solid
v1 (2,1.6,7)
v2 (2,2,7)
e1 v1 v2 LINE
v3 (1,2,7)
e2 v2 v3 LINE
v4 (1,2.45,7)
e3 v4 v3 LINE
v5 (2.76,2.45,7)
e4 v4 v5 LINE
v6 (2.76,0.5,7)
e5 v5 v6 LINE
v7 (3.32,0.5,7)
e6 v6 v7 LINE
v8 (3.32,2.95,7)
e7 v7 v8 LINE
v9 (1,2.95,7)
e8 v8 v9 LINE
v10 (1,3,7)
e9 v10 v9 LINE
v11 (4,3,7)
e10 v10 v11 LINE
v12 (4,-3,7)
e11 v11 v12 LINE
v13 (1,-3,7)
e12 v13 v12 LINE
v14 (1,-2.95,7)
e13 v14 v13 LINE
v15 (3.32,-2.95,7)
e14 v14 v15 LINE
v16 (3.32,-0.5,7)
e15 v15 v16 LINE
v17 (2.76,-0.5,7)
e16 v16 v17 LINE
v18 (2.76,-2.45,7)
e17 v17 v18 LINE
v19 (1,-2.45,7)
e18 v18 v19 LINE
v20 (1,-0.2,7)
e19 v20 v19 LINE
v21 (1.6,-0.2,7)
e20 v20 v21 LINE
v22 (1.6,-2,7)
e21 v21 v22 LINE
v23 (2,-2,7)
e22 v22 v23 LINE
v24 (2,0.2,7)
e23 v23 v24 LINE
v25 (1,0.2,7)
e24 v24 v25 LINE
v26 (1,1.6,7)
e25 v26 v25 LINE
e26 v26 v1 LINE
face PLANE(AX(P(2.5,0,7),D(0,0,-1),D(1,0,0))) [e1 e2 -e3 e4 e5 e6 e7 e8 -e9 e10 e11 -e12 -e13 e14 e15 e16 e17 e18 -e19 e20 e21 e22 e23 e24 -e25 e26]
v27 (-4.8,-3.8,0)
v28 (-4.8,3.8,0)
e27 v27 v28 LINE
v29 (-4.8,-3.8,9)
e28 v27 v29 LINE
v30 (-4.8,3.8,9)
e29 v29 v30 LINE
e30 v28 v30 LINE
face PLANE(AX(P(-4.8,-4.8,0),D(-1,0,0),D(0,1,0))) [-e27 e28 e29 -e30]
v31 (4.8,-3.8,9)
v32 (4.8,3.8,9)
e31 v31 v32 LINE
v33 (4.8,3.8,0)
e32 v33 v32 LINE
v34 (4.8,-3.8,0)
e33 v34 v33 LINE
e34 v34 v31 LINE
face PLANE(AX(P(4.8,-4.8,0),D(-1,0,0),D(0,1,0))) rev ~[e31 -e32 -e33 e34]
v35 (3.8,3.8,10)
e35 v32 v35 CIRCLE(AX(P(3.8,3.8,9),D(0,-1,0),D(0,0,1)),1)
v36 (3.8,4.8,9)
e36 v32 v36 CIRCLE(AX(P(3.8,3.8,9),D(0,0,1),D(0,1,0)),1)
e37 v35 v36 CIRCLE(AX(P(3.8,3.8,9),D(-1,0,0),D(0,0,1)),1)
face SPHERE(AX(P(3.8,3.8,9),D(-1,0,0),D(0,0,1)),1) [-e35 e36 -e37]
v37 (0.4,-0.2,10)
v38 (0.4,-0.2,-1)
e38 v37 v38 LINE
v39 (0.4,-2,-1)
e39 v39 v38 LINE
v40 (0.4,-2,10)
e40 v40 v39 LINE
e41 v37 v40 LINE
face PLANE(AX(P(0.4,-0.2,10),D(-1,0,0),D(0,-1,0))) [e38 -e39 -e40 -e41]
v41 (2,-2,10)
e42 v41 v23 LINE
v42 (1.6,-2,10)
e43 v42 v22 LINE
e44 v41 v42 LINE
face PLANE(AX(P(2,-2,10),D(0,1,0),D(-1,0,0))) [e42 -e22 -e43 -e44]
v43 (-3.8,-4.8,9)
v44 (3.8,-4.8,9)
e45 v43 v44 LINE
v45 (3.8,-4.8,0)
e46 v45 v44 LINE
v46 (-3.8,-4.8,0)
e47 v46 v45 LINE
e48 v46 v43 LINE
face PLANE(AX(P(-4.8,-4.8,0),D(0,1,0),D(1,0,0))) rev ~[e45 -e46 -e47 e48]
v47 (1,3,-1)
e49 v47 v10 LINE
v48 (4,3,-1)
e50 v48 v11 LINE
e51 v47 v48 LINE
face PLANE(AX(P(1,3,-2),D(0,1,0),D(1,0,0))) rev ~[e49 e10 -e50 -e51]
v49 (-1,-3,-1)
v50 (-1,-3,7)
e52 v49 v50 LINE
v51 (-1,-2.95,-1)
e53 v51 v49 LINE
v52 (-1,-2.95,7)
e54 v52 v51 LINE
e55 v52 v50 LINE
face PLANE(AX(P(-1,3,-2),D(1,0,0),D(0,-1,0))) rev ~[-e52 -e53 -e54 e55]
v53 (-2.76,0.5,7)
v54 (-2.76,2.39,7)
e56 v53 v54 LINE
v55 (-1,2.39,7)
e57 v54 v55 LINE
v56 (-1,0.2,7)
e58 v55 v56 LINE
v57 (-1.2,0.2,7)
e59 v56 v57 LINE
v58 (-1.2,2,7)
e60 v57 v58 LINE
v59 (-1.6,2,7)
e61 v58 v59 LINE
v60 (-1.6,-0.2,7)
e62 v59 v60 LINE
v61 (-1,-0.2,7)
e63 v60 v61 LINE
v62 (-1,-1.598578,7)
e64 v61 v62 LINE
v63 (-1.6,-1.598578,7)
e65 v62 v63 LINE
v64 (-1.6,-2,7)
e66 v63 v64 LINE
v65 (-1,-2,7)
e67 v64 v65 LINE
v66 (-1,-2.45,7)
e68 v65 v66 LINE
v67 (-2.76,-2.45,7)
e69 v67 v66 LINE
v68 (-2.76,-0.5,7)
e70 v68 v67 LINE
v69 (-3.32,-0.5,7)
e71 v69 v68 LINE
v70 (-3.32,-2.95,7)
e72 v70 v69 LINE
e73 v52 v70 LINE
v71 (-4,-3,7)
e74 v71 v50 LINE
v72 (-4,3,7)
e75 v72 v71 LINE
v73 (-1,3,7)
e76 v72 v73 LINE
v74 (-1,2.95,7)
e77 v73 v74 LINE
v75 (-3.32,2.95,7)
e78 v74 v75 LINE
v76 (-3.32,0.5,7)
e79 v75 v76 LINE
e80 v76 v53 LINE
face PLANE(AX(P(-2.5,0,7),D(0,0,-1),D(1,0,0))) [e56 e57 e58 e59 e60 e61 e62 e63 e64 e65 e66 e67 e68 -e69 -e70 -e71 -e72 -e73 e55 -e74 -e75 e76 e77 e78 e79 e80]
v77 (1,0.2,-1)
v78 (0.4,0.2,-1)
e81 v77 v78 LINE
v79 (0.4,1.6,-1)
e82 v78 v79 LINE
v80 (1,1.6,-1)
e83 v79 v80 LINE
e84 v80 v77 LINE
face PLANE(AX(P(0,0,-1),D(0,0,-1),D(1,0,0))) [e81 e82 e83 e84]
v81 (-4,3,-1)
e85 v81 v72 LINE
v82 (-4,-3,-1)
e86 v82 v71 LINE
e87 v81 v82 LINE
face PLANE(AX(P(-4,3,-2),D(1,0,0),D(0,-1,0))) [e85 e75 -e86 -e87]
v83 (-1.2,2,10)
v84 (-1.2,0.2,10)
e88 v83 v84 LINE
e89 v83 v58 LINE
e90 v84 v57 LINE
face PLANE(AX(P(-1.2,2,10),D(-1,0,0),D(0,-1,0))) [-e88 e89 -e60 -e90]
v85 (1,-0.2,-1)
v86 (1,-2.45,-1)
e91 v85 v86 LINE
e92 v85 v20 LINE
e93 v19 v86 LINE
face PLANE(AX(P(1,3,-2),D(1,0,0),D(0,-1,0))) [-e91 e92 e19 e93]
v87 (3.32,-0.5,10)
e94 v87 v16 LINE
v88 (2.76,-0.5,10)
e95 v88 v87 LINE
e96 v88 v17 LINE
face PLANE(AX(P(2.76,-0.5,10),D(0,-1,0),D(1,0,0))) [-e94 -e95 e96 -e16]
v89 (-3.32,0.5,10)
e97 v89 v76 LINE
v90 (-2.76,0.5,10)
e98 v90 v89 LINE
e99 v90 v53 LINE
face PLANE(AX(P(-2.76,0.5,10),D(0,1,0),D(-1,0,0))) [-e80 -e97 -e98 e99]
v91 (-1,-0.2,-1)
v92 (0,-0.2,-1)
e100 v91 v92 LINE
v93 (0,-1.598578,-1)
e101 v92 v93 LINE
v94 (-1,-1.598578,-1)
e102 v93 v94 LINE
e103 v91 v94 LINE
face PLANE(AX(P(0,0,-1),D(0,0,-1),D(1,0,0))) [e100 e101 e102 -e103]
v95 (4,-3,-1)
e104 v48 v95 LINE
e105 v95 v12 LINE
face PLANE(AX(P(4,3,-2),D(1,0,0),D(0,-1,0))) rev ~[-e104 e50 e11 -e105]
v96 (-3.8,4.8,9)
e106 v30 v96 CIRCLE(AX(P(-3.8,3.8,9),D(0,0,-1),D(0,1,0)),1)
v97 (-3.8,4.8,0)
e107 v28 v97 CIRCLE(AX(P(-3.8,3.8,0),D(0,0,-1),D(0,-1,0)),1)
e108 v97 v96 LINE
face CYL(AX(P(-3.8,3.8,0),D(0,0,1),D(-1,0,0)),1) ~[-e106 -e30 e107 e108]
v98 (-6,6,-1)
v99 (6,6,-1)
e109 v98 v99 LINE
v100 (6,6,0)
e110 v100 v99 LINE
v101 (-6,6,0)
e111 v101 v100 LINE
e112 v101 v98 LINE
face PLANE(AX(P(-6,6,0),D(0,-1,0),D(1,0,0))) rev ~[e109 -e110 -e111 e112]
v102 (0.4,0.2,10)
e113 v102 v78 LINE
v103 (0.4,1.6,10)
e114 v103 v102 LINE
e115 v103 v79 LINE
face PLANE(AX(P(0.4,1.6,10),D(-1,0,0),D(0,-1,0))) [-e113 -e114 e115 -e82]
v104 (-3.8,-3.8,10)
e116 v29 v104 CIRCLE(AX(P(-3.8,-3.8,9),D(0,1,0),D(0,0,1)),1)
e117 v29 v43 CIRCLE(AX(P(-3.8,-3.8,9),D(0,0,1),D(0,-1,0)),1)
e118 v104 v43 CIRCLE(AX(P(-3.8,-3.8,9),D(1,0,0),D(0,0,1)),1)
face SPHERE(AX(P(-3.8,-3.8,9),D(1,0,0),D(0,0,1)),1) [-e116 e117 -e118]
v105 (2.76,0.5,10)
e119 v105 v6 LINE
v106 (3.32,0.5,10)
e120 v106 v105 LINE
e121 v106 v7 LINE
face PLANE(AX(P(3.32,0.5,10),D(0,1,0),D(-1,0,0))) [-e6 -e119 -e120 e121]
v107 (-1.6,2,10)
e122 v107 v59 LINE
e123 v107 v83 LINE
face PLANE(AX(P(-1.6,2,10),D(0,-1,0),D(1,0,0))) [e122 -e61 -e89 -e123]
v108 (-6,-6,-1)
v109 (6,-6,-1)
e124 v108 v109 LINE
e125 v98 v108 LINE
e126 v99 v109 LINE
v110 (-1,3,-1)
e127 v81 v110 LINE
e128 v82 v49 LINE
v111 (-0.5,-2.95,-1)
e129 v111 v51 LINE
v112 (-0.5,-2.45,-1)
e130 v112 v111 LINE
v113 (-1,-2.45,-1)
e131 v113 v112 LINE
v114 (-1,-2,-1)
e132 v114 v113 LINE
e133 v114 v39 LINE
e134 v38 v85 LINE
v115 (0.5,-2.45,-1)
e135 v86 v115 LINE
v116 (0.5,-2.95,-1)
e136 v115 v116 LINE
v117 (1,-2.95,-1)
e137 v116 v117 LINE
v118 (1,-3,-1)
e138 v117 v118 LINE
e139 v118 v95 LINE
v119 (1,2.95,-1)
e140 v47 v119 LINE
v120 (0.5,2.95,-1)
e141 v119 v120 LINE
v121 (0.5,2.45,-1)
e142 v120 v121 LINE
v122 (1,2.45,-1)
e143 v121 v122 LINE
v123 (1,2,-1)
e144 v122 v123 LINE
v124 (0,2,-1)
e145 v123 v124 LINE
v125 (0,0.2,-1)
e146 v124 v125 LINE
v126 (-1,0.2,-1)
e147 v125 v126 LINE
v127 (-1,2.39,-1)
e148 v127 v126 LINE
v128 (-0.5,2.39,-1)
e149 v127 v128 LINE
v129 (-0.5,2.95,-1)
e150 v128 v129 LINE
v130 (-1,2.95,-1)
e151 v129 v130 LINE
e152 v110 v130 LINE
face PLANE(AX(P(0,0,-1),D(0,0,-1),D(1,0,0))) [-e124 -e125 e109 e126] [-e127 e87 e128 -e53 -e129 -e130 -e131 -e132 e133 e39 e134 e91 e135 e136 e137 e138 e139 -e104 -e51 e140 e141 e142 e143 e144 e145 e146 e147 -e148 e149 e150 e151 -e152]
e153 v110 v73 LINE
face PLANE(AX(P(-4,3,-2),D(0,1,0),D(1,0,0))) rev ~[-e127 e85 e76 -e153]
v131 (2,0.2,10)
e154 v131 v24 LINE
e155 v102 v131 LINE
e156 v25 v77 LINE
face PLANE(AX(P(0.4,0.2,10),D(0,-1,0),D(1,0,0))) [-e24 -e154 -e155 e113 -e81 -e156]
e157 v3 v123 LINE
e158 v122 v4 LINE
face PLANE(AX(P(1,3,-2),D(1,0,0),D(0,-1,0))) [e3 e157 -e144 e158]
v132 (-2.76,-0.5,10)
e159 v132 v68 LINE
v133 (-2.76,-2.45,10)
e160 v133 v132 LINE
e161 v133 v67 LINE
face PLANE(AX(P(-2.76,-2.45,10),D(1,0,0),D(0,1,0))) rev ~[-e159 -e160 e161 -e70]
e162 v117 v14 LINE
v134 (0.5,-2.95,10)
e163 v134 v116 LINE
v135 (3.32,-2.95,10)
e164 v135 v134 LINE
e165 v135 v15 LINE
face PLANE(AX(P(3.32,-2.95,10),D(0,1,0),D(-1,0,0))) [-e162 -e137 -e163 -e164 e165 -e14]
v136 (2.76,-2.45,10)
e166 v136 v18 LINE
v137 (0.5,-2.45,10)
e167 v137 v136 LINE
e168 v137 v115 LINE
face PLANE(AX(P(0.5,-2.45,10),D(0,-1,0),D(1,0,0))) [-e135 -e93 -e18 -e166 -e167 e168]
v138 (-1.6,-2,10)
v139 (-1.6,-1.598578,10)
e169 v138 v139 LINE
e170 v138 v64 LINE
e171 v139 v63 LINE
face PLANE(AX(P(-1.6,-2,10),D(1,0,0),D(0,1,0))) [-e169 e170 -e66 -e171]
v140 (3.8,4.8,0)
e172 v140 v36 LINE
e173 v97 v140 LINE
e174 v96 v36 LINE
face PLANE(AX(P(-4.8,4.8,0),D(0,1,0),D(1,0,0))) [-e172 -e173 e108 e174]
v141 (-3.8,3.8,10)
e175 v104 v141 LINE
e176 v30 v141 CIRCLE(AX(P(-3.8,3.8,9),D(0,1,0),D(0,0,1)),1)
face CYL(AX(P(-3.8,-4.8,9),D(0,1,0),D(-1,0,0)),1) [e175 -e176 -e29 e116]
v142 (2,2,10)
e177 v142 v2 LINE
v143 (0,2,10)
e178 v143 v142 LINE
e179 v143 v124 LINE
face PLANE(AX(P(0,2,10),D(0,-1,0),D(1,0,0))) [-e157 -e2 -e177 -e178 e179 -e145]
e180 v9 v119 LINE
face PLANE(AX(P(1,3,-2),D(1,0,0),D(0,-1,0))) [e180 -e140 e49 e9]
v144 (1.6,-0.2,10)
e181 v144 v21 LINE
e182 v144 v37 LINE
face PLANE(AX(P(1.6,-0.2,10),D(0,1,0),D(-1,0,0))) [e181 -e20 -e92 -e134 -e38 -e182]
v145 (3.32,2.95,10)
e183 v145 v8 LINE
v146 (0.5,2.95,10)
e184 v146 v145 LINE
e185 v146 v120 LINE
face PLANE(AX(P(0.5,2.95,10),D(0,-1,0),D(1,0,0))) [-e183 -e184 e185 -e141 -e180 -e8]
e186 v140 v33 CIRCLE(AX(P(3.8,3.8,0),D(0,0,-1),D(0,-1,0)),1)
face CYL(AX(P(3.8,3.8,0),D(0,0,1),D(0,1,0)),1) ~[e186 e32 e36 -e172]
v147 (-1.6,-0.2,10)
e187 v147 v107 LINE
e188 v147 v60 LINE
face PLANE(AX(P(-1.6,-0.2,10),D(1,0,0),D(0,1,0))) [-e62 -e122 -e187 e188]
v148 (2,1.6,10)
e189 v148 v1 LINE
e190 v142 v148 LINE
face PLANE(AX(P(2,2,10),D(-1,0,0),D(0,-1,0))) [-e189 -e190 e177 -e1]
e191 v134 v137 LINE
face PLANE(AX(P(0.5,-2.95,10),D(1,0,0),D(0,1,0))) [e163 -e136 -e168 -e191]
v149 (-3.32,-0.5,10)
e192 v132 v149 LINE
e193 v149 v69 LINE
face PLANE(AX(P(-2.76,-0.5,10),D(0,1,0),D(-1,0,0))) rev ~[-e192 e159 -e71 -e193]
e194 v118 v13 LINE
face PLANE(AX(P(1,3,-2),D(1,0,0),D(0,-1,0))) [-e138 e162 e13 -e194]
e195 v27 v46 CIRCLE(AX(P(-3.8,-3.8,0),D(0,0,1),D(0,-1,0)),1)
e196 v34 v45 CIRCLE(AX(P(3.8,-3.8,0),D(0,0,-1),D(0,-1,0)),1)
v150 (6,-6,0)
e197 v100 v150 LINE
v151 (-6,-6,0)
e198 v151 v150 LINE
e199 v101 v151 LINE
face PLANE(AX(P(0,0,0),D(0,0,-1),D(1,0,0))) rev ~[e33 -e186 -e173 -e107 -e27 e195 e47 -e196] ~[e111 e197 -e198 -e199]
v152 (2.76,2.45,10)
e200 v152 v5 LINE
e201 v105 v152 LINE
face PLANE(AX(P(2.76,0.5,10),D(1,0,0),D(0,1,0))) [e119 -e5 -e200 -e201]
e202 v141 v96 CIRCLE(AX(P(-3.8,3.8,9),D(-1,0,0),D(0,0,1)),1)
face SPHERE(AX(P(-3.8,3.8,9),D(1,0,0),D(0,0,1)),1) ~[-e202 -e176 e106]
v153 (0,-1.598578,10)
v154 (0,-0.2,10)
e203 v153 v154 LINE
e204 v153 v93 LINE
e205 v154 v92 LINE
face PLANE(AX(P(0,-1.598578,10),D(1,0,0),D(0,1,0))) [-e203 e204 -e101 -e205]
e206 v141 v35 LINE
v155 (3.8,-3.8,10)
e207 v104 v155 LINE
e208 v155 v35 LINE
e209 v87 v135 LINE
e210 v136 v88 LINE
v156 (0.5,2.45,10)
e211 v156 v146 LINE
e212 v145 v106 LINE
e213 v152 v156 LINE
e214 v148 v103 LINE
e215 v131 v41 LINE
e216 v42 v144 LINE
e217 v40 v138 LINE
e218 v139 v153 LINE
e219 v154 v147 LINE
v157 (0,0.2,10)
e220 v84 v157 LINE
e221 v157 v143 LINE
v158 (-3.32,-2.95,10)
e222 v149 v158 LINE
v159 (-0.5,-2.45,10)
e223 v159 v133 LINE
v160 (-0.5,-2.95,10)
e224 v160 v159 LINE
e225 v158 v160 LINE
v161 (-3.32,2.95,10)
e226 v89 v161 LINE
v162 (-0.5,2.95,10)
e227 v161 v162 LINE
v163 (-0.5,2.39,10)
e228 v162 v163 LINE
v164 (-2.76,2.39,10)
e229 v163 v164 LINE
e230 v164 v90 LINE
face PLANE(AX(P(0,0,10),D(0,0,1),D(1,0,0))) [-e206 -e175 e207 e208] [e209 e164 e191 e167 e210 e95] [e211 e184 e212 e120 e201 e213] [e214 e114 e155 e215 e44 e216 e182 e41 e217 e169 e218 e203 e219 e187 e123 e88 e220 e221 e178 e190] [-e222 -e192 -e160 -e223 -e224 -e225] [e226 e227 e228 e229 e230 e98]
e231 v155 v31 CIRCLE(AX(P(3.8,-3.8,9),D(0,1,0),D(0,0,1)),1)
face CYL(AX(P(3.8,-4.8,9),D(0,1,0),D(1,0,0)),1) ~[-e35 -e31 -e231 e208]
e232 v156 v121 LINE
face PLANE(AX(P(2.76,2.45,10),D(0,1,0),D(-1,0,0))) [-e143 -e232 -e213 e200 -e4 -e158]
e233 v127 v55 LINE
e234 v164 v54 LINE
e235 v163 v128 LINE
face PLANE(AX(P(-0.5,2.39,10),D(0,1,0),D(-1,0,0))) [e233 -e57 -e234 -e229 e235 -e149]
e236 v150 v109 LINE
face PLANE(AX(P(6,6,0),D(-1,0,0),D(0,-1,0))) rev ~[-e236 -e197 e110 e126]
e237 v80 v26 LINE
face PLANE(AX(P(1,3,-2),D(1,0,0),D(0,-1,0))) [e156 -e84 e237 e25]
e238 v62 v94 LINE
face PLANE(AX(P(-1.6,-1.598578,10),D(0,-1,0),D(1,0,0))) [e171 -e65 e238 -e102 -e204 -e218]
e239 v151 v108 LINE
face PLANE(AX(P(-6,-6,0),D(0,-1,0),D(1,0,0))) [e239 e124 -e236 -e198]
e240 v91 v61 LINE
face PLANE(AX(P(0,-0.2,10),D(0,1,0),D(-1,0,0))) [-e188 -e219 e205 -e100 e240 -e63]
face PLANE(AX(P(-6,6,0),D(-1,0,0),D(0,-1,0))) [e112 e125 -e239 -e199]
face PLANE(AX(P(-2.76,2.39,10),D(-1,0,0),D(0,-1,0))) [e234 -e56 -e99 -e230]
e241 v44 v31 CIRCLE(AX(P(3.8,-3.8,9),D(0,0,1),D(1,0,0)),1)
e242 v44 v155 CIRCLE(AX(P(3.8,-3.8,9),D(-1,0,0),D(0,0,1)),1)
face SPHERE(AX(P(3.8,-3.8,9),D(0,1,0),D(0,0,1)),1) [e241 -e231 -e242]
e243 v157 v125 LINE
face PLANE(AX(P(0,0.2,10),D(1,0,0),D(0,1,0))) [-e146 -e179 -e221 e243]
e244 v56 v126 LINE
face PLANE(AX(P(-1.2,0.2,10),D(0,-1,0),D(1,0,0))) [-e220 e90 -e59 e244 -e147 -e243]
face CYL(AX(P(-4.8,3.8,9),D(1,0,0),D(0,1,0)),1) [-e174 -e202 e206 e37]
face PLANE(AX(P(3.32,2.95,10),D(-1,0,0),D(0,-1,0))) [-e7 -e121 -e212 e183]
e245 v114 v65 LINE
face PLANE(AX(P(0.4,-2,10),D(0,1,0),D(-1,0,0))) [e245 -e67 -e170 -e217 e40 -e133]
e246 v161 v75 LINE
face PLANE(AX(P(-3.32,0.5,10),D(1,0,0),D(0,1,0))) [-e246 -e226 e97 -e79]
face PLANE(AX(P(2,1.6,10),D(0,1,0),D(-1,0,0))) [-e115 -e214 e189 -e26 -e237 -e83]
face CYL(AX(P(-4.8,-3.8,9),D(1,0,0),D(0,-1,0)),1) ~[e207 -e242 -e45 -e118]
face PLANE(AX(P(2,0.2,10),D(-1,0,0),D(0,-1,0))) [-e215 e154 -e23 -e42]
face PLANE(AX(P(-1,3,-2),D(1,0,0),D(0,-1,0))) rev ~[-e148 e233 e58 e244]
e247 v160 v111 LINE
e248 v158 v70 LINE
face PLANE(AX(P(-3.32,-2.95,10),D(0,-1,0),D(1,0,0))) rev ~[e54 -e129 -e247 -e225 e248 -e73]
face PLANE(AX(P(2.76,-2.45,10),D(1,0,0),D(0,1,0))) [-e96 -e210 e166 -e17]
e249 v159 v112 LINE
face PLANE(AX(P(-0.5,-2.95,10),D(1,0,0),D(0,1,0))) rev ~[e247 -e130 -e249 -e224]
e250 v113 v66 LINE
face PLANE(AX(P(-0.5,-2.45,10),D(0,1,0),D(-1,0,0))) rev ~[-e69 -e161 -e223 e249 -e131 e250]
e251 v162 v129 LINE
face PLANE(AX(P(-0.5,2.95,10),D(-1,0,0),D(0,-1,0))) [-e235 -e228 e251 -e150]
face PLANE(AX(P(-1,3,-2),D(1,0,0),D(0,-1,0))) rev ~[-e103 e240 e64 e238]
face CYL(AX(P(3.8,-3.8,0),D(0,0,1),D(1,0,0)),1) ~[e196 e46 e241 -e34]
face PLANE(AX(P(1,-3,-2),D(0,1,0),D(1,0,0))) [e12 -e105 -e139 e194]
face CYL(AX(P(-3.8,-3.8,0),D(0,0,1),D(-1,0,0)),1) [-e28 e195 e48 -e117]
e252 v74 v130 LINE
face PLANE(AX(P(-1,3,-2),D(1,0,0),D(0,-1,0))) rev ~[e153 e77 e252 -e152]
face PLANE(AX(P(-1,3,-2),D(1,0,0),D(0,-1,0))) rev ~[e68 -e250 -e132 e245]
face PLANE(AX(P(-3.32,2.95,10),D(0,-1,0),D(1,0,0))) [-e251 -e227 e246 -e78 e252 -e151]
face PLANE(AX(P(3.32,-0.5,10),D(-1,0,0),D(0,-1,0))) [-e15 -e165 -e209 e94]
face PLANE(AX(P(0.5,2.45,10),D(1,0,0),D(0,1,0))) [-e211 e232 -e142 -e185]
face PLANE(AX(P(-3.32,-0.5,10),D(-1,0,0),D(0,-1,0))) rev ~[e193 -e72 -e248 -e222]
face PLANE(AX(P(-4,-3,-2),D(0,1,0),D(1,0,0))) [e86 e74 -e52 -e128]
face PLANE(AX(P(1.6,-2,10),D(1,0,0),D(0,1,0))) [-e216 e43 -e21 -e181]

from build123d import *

# Parameters (mm, degrees)
SKETCH_W        = 9.6
SKETCH_H        = 9.6
PAD_DEPTH       = 10
SKETCH002_W     = 12
SKETCH002_H     = 12
PAD001_DEPTH    = 1
SKETCH003_W     = 3
SKETCH003_H     = 6
POCKET_DEPTH    = 9
SKETCH004_W     = 3
SKETCH004_H     = 6
POCKET001_DEPTH = 9
POCKET002_DEPTH = 11.001
POCKET003_DEPTH = 11.001
POCKET004_DEPTH = 11.001
POCKET005_DEPTH = 11.001
FILLET_R        = 1
POCKET006_DEPTH = 11.001


with BuildPart() as part:
    # Sketch → Pad (new body)
    with BuildSketch(Plane.XY):
        Rectangle(SKETCH_W, SKETCH_H)
    extrude(amount=PAD_DEPTH)

    # Sketch002 → Pad001 (join)
    with BuildSketch(Plane(origin=(0, 0, 0), x_dir=(1, 0, 0), z_dir=(0, 0, -1))):
        Rectangle(SKETCH002_W, SKETCH002_H)
    extrude(amount=PAD001_DEPTH)

    # Sketch003 → Pocket (cut)
    with BuildSketch(Plane(origin=(0, 0, -2), x_dir=(1, 0, 0), z_dir=(0, 0, -1))):
        with Locations((-2.5, 0)):
            Rectangle(SKETCH003_W, SKETCH003_H)
    extrude(amount=-POCKET_DEPTH, mode=Mode.SUBTRACT)

    # Sketch004 → Pocket001 (cut)
    with BuildSketch(Plane(origin=(0, 0, -2), x_dir=(1, 0, 0), z_dir=(0, 0, -1))):
        with Locations((2.5, 0)):
            Rectangle(SKETCH004_W, SKETCH004_H)
    extrude(amount=-POCKET001_DEPTH, mode=Mode.SUBTRACT)

    # Sketch001 → Pocket002 (cut, through all)
    with BuildSketch(Plane.XY.offset(10)):
        Polygon((3.32, -0.5), (3.32, -2.95), (0.5, -2.95), (0.5, -2.45), (2.76, -2.45), (2.76, -0.5), align=None)
    extrude(amount=-POCKET002_DEPTH, mode=Mode.SUBTRACT)

    # Sketch005 → Pocket003 (cut, through all)
    with BuildSketch(Plane.XY.offset(10)):
        Polygon((-3.32, -0.5), (-3.32, -2.95), (-0.5, -2.95), (-0.5, -2.45), (-2.76, -2.45), (-2.76, -0.5), align=None)
    extrude(amount=-POCKET003_DEPTH, mode=Mode.SUBTRACT)

    # Sketch007 → Pocket004 (cut, through all)
    with BuildSketch(Plane.XY.offset(10)):
        Polygon((-2.76, 0.5), (-3.32, 0.5), (-3.32, 2.95), (-0.5, 2.95), (-0.5, 2.39), (-2.76, 2.39), align=None)
    extrude(amount=-POCKET004_DEPTH, mode=Mode.SUBTRACT)

    # Sketch006 → Pocket005 (cut, through all)
    with BuildSketch(Plane.XY.offset(10)):
        Polygon((0.5, 2.95), (3.32, 2.95), (3.32, 0.5), (2.76, 0.5), (2.76, 2.45), (0.5, 2.45), align=None)
    extrude(amount=-POCKET005_DEPTH, mode=Mode.SUBTRACT)

    # Fillet
    fillet_edges = [part.edges().sort_by_distance(p)[0] for p in [
        (0, 4.8, 10),
        (4.8, 0, 10),
        (0, -4.8, 10),
        (4.8, -4.8, 5),
        (4.8, 4.8, 5),
        (-4.8, 0, 10),
        (-4.8, -4.8, 5),
        (-4.8, 4.8, 5),
    ]]
    fillet(fillet_edges, radius=FILLET_R)

    # Sketch008 (on Face23 of Fillet) → Pocket006 (cut, through all)
    with BuildSketch(Plane.XY.offset(10)):
        Polygon((0.4, -0.2), (0.4, -2), (-1.6, -2), (-1.6, -1.598578), (0, -1.598578), (0, -0.2), (-1.6, -0.2), (-1.6, 2), (-1.2, 2), (-1.2, 0.2), (0, 0.2), (0, 2), (2, 2), (2, 1.6), (0.4, 1.6), (0.4, 0.2), (2, 0.2), (2, -2), (1.6, -2), (1.6, -0.2), align=None)
    extrude(amount=-POCKET006_DEPTH, mode=Mode.SUBTRACT)


solid = part.part
